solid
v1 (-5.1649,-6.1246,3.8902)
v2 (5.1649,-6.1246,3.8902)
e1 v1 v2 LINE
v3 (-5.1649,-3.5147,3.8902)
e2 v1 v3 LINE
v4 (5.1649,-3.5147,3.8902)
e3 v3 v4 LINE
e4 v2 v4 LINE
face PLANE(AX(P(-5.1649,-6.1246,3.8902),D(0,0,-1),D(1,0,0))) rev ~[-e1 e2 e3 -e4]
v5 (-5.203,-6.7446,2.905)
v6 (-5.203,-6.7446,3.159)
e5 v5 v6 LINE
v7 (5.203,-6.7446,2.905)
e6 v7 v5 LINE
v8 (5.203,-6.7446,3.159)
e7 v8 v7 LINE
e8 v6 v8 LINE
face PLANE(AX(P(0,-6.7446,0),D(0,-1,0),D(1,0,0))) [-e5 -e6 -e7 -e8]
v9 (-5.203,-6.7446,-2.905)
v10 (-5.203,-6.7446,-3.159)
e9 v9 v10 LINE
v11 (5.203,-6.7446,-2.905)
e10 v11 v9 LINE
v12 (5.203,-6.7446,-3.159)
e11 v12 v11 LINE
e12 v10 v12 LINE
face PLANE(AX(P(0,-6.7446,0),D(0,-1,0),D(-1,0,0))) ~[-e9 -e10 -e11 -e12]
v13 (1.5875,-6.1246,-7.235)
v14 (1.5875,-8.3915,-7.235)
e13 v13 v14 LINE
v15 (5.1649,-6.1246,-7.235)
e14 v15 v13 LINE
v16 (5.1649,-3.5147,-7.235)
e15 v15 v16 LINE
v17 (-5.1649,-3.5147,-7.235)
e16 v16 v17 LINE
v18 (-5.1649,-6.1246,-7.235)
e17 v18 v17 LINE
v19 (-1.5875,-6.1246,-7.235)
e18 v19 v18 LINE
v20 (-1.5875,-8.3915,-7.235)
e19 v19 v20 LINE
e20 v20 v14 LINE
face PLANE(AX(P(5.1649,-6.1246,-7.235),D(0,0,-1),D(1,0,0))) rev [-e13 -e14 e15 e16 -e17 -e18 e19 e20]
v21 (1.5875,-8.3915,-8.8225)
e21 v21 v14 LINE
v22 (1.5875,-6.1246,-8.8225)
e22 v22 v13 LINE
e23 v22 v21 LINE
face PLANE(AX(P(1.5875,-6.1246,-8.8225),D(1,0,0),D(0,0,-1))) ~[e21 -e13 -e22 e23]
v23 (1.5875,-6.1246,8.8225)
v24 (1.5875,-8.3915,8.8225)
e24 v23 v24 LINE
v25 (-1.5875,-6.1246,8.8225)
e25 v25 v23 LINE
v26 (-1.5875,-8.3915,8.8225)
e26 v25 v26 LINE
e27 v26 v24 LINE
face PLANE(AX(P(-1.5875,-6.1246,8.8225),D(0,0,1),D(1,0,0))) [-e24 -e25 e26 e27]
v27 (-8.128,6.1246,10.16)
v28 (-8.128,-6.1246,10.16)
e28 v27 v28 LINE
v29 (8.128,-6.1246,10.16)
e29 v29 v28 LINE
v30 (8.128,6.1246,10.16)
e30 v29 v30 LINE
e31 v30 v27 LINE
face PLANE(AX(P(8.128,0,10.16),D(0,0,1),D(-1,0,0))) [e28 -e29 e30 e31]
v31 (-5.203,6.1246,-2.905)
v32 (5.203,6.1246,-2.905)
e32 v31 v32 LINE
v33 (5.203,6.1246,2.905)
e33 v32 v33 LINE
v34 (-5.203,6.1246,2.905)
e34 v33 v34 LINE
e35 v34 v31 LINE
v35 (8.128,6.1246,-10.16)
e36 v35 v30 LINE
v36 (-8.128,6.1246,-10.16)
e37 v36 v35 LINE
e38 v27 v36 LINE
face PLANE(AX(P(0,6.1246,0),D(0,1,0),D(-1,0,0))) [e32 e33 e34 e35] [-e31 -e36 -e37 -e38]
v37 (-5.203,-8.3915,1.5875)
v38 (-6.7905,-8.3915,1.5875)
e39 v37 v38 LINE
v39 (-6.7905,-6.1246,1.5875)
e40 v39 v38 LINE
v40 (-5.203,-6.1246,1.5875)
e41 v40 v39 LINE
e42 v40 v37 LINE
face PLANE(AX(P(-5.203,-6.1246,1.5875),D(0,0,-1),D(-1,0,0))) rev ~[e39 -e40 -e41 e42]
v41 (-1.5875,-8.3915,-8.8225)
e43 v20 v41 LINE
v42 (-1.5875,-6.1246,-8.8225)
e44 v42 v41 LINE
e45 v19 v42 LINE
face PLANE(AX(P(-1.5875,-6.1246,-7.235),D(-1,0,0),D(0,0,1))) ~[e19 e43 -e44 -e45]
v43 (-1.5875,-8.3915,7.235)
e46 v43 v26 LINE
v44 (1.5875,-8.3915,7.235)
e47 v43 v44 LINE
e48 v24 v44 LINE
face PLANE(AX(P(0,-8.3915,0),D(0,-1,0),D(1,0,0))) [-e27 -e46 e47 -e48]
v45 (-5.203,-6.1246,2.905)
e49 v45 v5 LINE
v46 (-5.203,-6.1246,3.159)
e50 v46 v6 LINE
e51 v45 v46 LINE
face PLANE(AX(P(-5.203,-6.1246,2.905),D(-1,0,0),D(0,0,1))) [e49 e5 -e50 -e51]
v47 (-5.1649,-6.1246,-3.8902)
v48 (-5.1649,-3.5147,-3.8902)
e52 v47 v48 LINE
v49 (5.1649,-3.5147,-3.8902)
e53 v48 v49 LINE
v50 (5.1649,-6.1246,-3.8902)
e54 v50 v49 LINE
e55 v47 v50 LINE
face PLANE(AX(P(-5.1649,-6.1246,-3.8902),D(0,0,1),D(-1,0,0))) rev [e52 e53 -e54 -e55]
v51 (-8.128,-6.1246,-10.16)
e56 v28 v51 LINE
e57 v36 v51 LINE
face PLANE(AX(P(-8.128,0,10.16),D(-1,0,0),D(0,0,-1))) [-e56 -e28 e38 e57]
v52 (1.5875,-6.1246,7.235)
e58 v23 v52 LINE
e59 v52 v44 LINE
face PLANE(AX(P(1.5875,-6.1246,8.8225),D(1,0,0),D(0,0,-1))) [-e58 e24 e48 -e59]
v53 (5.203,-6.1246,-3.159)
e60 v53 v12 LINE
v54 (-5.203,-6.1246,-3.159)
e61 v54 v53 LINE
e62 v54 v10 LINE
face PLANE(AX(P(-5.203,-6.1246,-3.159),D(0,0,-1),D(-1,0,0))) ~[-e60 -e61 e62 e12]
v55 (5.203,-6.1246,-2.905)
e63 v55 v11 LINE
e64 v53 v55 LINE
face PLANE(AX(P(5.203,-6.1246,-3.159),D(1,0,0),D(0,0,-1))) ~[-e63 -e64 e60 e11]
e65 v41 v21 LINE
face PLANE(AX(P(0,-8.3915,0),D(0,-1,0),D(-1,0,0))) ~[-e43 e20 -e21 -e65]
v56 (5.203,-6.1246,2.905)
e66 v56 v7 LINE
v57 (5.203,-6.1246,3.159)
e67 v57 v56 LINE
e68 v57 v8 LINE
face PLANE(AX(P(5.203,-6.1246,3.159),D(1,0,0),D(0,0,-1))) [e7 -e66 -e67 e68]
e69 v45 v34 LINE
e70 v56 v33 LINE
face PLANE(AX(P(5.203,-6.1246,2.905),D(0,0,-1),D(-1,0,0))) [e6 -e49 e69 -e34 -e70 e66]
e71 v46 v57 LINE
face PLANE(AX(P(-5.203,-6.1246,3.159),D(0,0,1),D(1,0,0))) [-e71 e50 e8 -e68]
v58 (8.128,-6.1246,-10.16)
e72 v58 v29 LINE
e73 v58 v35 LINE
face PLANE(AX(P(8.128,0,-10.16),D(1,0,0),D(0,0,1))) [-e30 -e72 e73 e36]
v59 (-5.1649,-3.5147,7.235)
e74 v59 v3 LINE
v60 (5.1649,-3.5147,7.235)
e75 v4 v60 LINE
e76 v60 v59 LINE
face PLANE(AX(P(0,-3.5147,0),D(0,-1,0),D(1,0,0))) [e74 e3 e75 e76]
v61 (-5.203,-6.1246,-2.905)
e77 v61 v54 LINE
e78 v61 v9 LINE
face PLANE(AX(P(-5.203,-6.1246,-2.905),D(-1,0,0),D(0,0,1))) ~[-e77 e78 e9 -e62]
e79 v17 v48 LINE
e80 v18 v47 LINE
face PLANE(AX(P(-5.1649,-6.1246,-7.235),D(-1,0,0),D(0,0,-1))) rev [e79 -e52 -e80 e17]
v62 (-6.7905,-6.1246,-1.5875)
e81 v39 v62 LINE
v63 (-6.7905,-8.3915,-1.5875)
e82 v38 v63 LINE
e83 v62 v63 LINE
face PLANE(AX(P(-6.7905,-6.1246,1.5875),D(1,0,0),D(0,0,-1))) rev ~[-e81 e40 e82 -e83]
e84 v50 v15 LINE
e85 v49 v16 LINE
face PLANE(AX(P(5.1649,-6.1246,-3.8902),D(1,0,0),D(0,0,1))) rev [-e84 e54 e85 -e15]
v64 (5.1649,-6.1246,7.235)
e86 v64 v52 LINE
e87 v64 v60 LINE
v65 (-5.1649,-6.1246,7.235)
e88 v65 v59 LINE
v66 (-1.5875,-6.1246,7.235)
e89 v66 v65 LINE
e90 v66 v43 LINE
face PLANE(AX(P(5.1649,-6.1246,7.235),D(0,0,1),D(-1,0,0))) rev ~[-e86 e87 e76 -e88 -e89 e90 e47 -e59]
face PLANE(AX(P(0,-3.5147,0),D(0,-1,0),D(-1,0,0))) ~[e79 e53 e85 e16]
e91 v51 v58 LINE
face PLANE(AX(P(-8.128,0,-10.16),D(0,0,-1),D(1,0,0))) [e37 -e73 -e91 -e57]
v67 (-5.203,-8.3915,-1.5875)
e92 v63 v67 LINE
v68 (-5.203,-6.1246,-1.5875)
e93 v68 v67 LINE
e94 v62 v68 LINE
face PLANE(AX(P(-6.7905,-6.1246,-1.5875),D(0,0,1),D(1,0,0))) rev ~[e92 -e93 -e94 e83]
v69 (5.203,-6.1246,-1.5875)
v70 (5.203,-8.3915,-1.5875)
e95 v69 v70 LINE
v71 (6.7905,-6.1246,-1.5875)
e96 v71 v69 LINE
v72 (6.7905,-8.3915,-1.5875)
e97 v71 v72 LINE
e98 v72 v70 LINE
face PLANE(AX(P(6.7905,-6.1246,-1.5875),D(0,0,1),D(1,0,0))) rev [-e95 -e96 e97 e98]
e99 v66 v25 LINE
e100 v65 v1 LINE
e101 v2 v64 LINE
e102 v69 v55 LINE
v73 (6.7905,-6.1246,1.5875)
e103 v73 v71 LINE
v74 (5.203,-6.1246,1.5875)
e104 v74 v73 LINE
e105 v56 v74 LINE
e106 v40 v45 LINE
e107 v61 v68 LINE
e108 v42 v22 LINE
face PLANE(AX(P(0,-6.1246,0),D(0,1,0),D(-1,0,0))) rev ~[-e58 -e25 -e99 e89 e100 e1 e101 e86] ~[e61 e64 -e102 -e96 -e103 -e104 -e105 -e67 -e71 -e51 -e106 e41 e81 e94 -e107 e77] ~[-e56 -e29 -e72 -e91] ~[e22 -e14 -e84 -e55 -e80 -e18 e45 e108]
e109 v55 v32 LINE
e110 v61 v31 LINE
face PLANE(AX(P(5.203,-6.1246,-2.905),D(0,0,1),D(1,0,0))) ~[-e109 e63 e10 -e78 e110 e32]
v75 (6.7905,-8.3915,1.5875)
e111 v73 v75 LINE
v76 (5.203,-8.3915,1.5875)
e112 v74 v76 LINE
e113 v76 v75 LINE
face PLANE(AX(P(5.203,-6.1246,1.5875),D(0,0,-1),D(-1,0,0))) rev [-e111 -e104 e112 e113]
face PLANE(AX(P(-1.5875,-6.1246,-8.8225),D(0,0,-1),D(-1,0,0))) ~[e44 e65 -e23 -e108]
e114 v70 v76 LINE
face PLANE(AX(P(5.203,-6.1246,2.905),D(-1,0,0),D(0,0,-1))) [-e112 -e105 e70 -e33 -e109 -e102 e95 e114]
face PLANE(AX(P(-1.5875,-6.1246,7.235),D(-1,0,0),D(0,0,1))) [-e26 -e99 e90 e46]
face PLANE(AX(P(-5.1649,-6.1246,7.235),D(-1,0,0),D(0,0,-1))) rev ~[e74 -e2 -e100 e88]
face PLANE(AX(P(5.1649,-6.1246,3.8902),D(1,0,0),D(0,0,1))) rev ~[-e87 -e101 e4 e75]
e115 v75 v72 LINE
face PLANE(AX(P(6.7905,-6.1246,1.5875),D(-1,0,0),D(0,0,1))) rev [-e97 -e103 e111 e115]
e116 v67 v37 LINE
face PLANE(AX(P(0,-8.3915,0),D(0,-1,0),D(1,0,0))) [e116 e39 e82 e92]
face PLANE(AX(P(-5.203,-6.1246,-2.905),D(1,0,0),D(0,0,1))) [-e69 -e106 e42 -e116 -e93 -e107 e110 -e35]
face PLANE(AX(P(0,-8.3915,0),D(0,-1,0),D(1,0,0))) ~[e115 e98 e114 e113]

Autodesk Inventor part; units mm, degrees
ref_plane "YZ Plane" through (0, 0, 0) normal (1, 0, 0) x (0, 1, 0)
ref_plane "XZ Plane" through (0, 0, 0) normal (0, 1, 0) x (-1, 0, 0)
ref_plane "XY Plane" through (0, 0, 0) normal (0, 0, 1) x (1, 0, 0)
sketch "Sketch1" plane through (0, 0, 0) normal (0, 1, 0) x (-1, 0, 0)
  line L0 (-8.128, 10.16) -> (8.128, 10.16)
  line L1 (8.128, 10.16) -> (8.128, -10.16)
  line L2 (8.128, -10.16) -> (-8.128, -10.16)
  line L3 (-8.128, -10.16) -> (-8.128, 10.16)
  line L4 (-8.128, 10.16) -> (8.128, -10.16) construction
  line L5 (8.128, 10.16) -> (-8.128, -10.16) construction
  point P0 (0, 0)
  dimension "d0" = 20.32
  dimension "d1" = 16.256
extrude "Extrusion1" add sketch "Sketch1" along normal mid plane 12.2492
sketch "Sketch3" plane through (0, -6.1246, 0) normal (0, -1, 0) x (1, 0, 0)
  line L0 (-5.203, 2.905) -> (5.203, 2.905)
  line L1 (5.203, 2.905) -> (5.203, -2.905)
  line L2 (5.203, -2.905) -> (-5.203, -2.905)
  line L3 (-5.203, -2.905) -> (-5.203, 2.905)
  line L4 (-5.203, 2.905) -> (5.203, -2.905) construction
  line L5 (5.203, 2.905) -> (-5.203, -2.905) construction
  point P0 (0, 0)
  dimension "d4" = 5.81
  dimension "d5" = 10.406
extrude "Extrusion2" cut sketch "Sketch3" against normal through all
sketch "Sketch4" plane through (0, -6.1246, 0) normal (0, -1, 0) x (1, 0, 0)
  line L0 (-4.9149, 6.985) -> (4.9149, 6.985) construction
  line L1 (4.9149, 6.985) -> (4.9149, 4.1402) construction
  line L2 (4.9149, 4.1402) -> (-4.9149, 4.1402) construction
  line L3 (-4.9149, 4.1402) -> (-4.9149, 6.985) construction
  line L4 (-4.9149, 6.985) -> (4.9149, 4.1402) construction
  line L5 (4.9149, 6.985) -> (-4.9149, 4.1402) construction
  line L6 (5.1649, 7.235) -> (-5.1649, 7.235)
  line L7 (-5.1649, 7.235) -> (-5.1649, 3.8902)
  line L8 (-5.1649, 3.8902) -> (5.1649, 3.8902)
  line L9 (5.1649, 3.8902) -> (5.1649, 7.235)
  point P0 (0, 0)
  point P1 (0, 5.5626)
  dimension "d8" = 2.8448
  dimension "d9" = 9.8298
  dimension "d10" = 6.985
  dimension "d13" = 0.25
extrude "Extrusion3" cut sketch "Sketch4" against normal blind 2.6099
mirror "Mirror1" about plane through (0, 0, 0) normal (0, 0, 1) of "Extrusion3"
sketch "Sketch5" plane through (0, -6.1246, 0) normal (0, -1, 0) x (1, 0, 0)
  line L0 (-5.203, -2.905) -> (-5.203, 2.905) projected
  line L1 (-5.203, 1.5875) -> (-6.7905, 1.5875)
  line L2 (-6.7905, 1.5875) -> (-6.7905, -1.5875)
  line L3 (-6.7905, -1.5875) -> (-5.203, -1.5875)
  line L4 (-5.203, -1.5875) -> (-5.203, 1.5875)
  point P0 (0, 0)
  point P1 (-6.7905, 0)
  dimension "d14" = 1.5875
  dimension "d15" = 3.175
extrude "Extrusion4" add sketch "Sketch5" along normal blind 2.2669
mirror "Mirror2" about plane through (0, 0, 0) normal (1, 0, 0) of "Extrusion4"
sketch "Sketch6" plane through (0, -6.1246, 0) normal (0, -1, 0) x (1, 0, 0)
  line L0 (-5.1649, 7.235) -> (5.1649, 7.235) projected
  line L1 (1.5875, 7.235) -> (-1.5875, 7.235)
  line L2 (-1.5875, 7.235) -> (-1.5875, 8.8225)
  line L3 (-1.5875, 8.8225) -> (1.5875, 8.8225)
  line L4 (1.5875, 8.8225) -> (1.5875, 7.235)
  point P0 (0, 0)
  point P1 (0, 7.235)
  dimension "d18" = 1.5875
  dimension "d19" = 3.175
extrude "Extrusion5" add sketch "Sketch6" along normal up to surface (2.2669 mm away)
mirror "Mirror3" about plane through (0, 0, 0) normal (0, 0, 1) of "Extrusion5"
sketch "Sketch7" plane through (0, -6.1246, 0) normal (0, -1, 0) x (1, 0, 0)
  line L0 (5.203, -2.905) -> (5.203, 2.905) projected
  line L1 (5.203, 2.905) -> (-5.203, 2.905)
  line L2 (-5.203, 2.905) -> (-5.203, 3.159)
  line L3 (-5.203, 3.159) -> (5.203, 3.159)
  line L4 (5.203, 3.159) -> (5.203, 2.905)
  point P0 (0, 0)
  point P1 (-5.203, 3.032)
  dimension "d22" = 0.254
extrude "Extrusion6" add sketch "Sketch7" along normal blind 0.62
mirror "Mirror4" about plane through (0, 0, 0) normal (0, 0, 1) of "Extrusion6"
properties part number "magnet_jig"
